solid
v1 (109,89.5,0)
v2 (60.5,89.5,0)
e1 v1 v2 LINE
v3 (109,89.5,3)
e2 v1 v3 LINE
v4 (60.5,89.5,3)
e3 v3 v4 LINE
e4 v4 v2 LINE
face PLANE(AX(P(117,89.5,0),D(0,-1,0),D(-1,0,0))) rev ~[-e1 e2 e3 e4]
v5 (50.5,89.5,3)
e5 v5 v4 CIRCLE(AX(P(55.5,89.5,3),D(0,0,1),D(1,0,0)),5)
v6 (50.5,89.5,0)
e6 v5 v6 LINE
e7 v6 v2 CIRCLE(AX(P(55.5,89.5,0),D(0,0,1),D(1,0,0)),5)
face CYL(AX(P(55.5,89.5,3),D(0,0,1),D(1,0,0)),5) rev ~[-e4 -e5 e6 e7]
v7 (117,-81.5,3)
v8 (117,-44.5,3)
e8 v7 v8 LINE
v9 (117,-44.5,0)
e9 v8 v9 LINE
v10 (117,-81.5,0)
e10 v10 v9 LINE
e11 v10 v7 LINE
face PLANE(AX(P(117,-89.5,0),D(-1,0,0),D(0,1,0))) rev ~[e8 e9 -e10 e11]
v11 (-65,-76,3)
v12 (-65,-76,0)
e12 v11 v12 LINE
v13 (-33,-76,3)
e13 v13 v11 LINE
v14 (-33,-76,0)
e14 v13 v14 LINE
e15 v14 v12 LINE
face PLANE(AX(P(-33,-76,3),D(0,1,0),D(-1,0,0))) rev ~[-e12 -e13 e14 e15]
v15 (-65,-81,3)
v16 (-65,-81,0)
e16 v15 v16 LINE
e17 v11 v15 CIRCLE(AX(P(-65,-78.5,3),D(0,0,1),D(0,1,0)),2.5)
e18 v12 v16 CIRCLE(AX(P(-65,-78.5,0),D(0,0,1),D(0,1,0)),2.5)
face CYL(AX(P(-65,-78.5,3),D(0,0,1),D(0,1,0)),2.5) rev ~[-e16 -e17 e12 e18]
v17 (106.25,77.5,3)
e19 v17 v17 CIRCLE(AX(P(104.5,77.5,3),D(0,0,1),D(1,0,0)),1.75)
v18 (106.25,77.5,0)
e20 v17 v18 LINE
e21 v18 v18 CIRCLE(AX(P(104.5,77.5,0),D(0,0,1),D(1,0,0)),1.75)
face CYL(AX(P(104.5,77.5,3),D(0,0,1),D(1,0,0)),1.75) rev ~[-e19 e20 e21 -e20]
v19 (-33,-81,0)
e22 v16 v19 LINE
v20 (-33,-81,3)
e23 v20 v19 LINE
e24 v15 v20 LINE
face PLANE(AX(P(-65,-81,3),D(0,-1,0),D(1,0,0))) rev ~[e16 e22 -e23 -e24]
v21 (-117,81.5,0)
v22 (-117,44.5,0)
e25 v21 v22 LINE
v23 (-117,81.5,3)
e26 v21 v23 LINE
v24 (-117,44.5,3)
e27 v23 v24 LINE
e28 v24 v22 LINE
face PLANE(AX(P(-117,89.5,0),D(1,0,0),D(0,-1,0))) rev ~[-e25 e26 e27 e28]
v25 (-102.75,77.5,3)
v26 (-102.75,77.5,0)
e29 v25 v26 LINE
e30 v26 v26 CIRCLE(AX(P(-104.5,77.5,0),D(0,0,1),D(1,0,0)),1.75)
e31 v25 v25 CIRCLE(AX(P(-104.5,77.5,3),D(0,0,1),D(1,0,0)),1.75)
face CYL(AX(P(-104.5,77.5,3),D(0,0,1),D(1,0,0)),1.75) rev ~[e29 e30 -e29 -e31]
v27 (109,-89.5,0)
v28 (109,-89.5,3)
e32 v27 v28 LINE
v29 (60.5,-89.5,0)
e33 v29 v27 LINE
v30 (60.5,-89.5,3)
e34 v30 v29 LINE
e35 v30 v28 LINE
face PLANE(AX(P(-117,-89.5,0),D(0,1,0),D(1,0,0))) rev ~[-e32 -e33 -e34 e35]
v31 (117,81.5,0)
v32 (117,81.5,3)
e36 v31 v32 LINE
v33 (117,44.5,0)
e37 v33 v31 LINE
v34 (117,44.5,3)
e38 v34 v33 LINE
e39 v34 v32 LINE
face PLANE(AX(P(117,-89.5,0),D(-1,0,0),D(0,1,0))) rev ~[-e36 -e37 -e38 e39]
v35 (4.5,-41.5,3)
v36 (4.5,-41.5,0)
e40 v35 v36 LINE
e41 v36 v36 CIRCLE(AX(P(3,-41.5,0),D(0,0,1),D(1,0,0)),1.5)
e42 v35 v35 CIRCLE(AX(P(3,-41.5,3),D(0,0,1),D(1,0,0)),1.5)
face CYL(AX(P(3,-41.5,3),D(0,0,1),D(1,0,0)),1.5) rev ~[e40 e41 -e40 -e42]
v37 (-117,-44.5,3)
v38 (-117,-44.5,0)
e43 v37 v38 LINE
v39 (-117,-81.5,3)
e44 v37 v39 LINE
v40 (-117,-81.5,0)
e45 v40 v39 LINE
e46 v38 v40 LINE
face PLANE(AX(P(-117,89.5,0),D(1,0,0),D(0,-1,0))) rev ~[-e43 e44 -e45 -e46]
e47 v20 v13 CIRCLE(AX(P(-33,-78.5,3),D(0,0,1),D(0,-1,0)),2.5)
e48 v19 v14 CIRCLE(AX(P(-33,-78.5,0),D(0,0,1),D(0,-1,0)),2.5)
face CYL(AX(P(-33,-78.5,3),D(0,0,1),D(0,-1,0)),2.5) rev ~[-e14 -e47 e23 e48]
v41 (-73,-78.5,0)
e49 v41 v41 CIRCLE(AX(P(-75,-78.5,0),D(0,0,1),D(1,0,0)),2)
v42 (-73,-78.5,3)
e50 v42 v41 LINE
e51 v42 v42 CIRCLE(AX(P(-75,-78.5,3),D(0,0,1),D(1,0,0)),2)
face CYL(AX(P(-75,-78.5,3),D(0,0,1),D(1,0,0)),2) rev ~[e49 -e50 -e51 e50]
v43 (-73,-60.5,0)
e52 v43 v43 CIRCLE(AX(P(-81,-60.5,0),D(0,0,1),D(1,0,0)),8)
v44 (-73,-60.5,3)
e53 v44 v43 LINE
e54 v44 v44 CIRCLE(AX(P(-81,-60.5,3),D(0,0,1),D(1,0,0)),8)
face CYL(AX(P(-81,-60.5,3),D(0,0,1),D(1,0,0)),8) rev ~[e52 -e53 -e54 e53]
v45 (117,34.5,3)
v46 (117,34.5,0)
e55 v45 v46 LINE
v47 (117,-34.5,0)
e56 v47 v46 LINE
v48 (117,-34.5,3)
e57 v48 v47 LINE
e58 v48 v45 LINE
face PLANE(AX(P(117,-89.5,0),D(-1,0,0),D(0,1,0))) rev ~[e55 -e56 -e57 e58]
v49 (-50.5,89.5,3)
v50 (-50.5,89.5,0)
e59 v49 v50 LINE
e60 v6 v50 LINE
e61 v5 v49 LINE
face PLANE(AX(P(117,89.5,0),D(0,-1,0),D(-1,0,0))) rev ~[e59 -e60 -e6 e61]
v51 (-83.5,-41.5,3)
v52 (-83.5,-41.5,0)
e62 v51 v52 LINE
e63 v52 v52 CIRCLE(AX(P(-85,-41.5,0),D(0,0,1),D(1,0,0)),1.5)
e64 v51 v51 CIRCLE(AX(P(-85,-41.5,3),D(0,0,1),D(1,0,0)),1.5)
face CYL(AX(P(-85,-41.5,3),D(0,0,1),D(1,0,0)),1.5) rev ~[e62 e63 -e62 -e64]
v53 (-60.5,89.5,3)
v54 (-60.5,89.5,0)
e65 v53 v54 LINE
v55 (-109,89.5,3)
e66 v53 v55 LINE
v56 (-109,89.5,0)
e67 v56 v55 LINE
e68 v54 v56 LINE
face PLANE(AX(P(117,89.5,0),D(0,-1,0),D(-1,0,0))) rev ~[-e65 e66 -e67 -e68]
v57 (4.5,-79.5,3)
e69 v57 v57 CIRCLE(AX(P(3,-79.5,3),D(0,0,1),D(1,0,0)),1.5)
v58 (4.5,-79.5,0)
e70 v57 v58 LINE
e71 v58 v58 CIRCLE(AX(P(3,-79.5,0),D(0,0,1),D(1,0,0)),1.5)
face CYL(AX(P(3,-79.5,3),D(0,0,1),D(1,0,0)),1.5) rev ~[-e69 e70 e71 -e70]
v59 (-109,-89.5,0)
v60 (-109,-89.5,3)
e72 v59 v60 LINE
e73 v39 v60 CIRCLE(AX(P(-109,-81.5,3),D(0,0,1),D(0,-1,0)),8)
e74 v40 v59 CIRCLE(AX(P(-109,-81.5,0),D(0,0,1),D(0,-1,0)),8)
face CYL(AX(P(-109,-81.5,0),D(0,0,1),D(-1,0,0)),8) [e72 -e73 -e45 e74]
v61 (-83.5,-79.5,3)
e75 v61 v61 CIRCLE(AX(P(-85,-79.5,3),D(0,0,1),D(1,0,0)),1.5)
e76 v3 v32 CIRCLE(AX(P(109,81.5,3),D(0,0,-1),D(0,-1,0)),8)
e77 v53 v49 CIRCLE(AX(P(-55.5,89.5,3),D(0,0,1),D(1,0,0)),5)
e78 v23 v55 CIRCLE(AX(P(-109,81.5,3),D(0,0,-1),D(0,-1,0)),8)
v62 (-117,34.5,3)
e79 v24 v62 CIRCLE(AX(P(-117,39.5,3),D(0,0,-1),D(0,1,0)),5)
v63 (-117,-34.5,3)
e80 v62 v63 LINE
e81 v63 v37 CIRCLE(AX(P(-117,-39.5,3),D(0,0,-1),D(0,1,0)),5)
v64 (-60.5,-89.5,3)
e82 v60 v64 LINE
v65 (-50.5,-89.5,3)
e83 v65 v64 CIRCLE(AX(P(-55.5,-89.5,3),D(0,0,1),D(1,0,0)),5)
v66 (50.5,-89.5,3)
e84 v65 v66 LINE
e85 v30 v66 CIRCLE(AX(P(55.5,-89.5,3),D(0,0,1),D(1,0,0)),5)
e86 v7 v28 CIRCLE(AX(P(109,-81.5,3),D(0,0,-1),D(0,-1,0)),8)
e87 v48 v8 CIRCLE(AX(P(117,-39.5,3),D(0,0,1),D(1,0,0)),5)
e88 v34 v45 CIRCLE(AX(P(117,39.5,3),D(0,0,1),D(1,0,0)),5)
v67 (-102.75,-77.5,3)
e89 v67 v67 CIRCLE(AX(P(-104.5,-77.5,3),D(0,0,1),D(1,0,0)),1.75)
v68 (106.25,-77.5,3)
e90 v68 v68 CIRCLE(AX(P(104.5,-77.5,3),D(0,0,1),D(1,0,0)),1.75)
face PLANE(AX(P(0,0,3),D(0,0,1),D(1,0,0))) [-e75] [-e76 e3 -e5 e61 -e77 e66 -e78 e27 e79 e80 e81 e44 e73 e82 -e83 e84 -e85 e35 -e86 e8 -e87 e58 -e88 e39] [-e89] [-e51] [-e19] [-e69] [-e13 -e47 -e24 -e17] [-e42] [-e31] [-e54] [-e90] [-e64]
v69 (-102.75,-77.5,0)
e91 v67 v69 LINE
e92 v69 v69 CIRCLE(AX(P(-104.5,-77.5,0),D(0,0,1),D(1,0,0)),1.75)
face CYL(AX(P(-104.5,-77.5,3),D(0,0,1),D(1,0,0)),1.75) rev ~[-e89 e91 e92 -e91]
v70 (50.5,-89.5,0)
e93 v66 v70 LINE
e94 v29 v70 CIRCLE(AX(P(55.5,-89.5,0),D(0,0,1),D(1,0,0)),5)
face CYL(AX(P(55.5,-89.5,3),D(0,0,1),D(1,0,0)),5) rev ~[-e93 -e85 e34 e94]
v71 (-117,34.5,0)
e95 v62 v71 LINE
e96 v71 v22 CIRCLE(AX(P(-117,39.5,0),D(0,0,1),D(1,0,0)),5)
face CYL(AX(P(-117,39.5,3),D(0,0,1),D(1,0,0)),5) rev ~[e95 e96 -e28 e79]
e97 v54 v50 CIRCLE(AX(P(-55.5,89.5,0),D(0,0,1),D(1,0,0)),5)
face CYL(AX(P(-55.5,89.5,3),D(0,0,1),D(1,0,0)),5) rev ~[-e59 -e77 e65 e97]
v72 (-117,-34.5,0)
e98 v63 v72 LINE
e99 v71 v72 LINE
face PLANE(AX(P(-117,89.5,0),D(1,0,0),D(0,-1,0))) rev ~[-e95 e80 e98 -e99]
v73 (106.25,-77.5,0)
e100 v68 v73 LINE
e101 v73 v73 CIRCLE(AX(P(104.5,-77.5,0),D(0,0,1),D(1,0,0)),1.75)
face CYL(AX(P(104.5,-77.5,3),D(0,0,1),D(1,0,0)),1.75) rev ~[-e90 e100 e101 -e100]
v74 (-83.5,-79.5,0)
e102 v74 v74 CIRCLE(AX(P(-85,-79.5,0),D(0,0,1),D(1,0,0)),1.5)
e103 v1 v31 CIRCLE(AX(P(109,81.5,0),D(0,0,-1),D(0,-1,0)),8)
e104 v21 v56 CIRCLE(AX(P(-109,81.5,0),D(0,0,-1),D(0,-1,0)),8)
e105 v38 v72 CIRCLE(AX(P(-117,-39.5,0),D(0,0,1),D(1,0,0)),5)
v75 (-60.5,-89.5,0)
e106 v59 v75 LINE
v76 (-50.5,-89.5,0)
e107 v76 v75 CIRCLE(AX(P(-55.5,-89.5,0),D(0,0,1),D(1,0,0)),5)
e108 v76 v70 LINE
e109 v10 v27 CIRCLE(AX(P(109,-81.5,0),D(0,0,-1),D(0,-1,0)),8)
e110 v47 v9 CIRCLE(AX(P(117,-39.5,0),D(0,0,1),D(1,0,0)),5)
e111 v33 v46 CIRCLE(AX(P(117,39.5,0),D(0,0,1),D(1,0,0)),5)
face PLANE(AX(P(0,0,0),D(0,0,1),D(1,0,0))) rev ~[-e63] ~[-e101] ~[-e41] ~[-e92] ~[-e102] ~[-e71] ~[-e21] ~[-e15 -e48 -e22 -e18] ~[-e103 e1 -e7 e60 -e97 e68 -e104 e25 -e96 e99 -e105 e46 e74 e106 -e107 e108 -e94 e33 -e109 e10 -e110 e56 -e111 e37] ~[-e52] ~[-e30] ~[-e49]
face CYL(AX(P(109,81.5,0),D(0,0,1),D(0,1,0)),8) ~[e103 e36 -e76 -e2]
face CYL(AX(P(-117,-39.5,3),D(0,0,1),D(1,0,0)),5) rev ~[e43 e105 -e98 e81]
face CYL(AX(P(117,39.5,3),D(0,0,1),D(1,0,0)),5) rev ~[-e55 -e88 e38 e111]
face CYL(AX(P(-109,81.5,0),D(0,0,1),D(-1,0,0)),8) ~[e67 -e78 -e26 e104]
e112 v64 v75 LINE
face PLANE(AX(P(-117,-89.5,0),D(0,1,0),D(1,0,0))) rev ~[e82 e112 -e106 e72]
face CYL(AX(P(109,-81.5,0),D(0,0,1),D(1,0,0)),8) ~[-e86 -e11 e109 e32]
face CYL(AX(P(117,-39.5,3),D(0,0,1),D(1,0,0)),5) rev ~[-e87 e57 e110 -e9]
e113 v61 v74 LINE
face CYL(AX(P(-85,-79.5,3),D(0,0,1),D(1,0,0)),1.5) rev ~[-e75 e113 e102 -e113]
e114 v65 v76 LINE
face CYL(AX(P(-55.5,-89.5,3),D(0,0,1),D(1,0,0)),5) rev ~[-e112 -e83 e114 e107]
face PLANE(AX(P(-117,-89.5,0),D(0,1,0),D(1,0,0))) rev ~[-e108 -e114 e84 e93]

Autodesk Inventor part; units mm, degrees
ref_plane "YZ Plane" through (0, 0, 0) normal (1, 0, 0) x (0, 1, 0)
ref_plane "XZ Plane" through (0, 0, 0) normal (0, 1, 0) x (-1, 0, 0)
ref_plane "XY Plane" through (0, 0, 0) normal (0, 0, 1) x (1, 0, 0)
sketch "Sketch1" plane through (0, 0, 0) normal (0, 0, 1) x (1, 0, 0)
  line L0 (-117, -89.5) -> (117, -89.5)
  line L1 (117, -89.5) -> (117, 89.5)
  line L2 (117, 89.5) -> (-117, 89.5)
  line L3 (-117, 89.5) -> (-117, -89.5)
  line L4 (-117, -89.5) -> (117, 89.5) construction
  line L5 (117, -89.5) -> (-117, 89.5) construction
  point P0 (0, 0)
  dimension "d0" = 234
  dimension "d1" = 179
extrude "Extrusion1" add sketch "Sketch1" along normal blind 3
fillet "Fillet1" radius 8 4 edges at (117, -89.5, 1.5) (-117, -89.5, 1.5) (-117, 89.5, 1.5) (117, 89.5, 1.5)
sketch "Sketch2" plane through (0, 0, 3) normal (0, 0, 1) x (1, 0, 0)
  line L0 (-109, -89.5) -> (109, -89.5) construction
  arc A0 (-117, -81.5) -> (-109, -89.5) centre (-109, -81.5) ccw projected
  line L1 (-117, 81.5) -> (-117, -81.5) projected
  arc A1 (-109, 89.5) -> (-117, 81.5) centre (-109, 81.5) ccw projected
  line L2 (109, 89.5) -> (-109, 89.5) projected
  arc A2 (117, 81.5) -> (109, 89.5) centre (109, 81.5) ccw projected
  line L3 (117, -81.5) -> (117, 81.5) construction
  arc A3 (109, -89.5) -> (117, -81.5) centre (109, -81.5) ccw construction
  line L4 (-109, -89.5) -> (109, -89.5) projected
  circle A4 centre (55.5, -89.5) radius 5
  line L5 (117, -81.5) -> (117, 81.5) projected
  circle A5 centre (117, -39.5) radius 5
  line L6 (-170.275, 0) -> (170.275, 0) projected
  line L7 (0, 131.775) -> (0, -131.775) projected
  arc A6 (-117, -81.5) -> (-109, -89.5) centre (-109, -81.5) ccw construction
  circle A7 centre (-55.5, -89.5) radius 5
  circle A8 centre (-117, -39.5) radius 5
  line L8 (-109, 89.5) -> (109, 89.5) construction
  arc A9 (-109, 89.5) -> (-117, 81.5) centre (-109, 81.5) ccw
  arc A10 (117, 81.5) -> (109, 89.5) centre (109, 81.5) ccw construction
  line L9 (-109, 89.5) -> (109, 89.5)
  circle A11 centre (55.5, 89.5) radius 5
  circle A12 centre (117, 39.5) radius 5
  circle A13 centre (-117, 39.5) radius 5
  arc A14 (-109, 89.5) -> (-117, 81.5) centre (-109, 81.5) ccw construction
  circle A15 centre (-55.5, 89.5) radius 5
  point P0 (0, 0)
  point P1 (-50.5, -89.5)
  point P2 (-60.5, -89.5)
  point P3 (-117, -34.5)
  point P4 (-117, -44.5)
  point P5 (-117, 44.5)
  point P6 (-117, 34.5)
  point P7 (-60.5, 89.5)
  point P8 (-50.5, 89.5)
  point P9 (50.5, 89.5)
  point P10 (60.5, 89.5)
  point P11 (117, 44.5)
  point P12 (117, 34.5)
  point P13 (117, -34.5)
  point P14 (117, -44.5)
  point P15 (60.5, -89.5)
  point P16 (50.5, -89.5)
  dimension "d5" = 10
  dimension "d6" = 10
  dimension "d7" = 61.5
  dimension "d8" = 50
extrude "Extrusion2" cut sketch "Sketch2" against normal through all contours L5 A5 | A4 L4 | L1 A8 | A7 L4 | L1 A13 | A12 L5 | L2 A11 | A15 L2 picked at (116.6011, -41.1182) picked at (57.1182, -89.1011) picked at (-115.906, -37.9566) picked at (-53.8818, -89.1011) picked at (-115.906, 41.0434) picked at (115.4959, 40.7959) picked at (57.0242, 88.3266) picked at (-53.9758, 88.3266)
sketch "Sketch3" plane through (0, 0, 3) normal (0, 0, 1) x (1, 0, 0)
  circle A0 centre (104.5, -77.5) radius 1.75
  line L0 (117, -34.5) -> (117, 34.5) projected
  line L1 (60.5, -89.5) -> (109, -89.5) construction
  line L2 (0, 127.7397) -> (0, -127.7397) projected
  line L3 (-166.2397, 0) -> (166.2397, 0) projected
  circle A1 centre (-104.5, -77.5) radius 1.75
  circle A2 centre (104.5, 77.5) radius 1.75
  line L4 (60.5, 89.5) -> (109, 89.5) construction
  circle A3 centre (-104.5, 77.5) radius 1.75
  point P0 (0, 0)
  point P1 (-109, -89.5)
  point P2 (-109, 89.5)
  dimension "d11" = 3.5
  dimension "d33" = 209
  dimension "d34" = 155
extrude "Extrusion3" cut sketch "Sketch3" against normal blind 10
sketch "Sketch4" plane through (0, 0, 3) normal (0, 0, 1) x (1, 0, 0)
  circle A0 centre (-81, -60.5) radius 8
  circle A1 centre (-75, -78.5) radius 2
  line L0 (-33, -78.5) -> (-65, -78.5) construction
  line L1 (-33, -76) -> (-65, -76)
  line L2 (-65, -81) -> (-33, -81)
  arc A2 (-33, -81) -> (-33, -76) centre (-33, -78.5) ccw
  arc A3 (-65, -76) -> (-65, -81) centre (-65, -78.5) ccw
  circle A4 centre (-85, -79.5) radius 1.5
  line L3 (-12.5, -60.5) -> (-95.5, -60.5) construction
  line L4 (-41, -83.5) -> (-41, -33.5) construction
  circle A5 centre (3, -79.5) radius 1.5
  circle A6 centre (-85, -41.5) radius 1.5
  circle A7 centre (3, -41.5) radius 1.5
  line L5 (-109, -89.5) -> (-60.5, -89.5) projected
  line L6 (-117, -44.5) -> (-117, -81.5) projected
  point P0 (0, 0)
  point P1 (-49, -78.5)
  dimension "d16" = 2.5
  dimension "d17" = 16
  dimension "d18" = 4
  dimension "d19" = 10
  dimension "d20" = 32
  dimension "d21" = 6
  dimension "d22" = 18
  dimension "d23" = 34
  dimension "d24" = 18
  dimension "d25" = 44
  dimension "d26" = 19
  dimension "d27" = 3
  dimension "d28" = 10
  dimension "d29" = 32
  dimension "d30" = 0
extrude "Extrusion4" cut sketch "Sketch4" against normal through all
sketch "Sketch5" plane through (0, 0, 3) normal (0, 0, 1) x (1, 0, 0)
  circle A0 centre (-81, -60.5) radius 8 projected
  line L0 (-33, -81) -> (-65, -81) projected
  arc A1 (-65, -76) -> (-65, -81) centre (-65, -78.5) ccw projected
  line L1 (-65, -76) -> (-33, -76) projected
  arc A2 (-33, -81) -> (-33, -76) centre (-33, -78.5) ccw projected
  circle A3 centre (-85, -41.5) radius 1.5 projected
  circle A4 centre (3, -41.5) radius 1.5 projected
  circle A5 centre (-75, -78.5) radius 2 projected
  circle A6 centre (-85, -79.5) radius 1.5 projected
  circle A7 centre (3, -79.5) radius 1.5 projected
  circle A8 centre (-104.5, 77.5) radius 1.75 projected
  circle A9 centre (-104.5, -77.5) radius 1.75 projected
  circle A10 centre (104.5, 77.5) radius 1.75 projected
  circle A11 centre (104.5, -77.5) radius 1.75 projected
  arc A12 (117, 44.5) -> (117, 34.5) centre (117, 39.5) ccw projected
  line L2 (117, 44.5) -> (117, 81.5) projected
  arc A13 (117, 81.5) -> (109, 89.5) centre (109, 81.5) ccw projected
  line L3 (109, 89.5) -> (60.5, 89.5) projected
  arc A14 (50.5, 89.5) -> (60.5, 89.5) centre (55.5, 89.5) ccw projected
  line L4 (50.5, 89.5) -> (-50.5, 89.5) projected
  arc A15 (-60.5, 89.5) -> (-50.5, 89.5) centre (-55.5, 89.5) ccw projected
  line L5 (-60.5, 89.5) -> (-109, 89.5) projected
  arc A16 (-109, 89.5) -> (-117, 81.5) centre (-109, 81.5) ccw projected
  line L6 (-117, 81.5) -> (-117, 44.5) projected
  arc A17 (-117, 34.5) -> (-117, 44.5) centre (-117, 39.5) ccw projected
  line L7 (-117, 34.5) -> (-117, -34.5) projected
  arc A18 (-117, -44.5) -> (-117, -34.5) centre (-117, -39.5) ccw projected
  line L8 (-117, -44.5) -> (-117, -81.5) projected
  arc A19 (-117, -81.5) -> (-109, -89.5) centre (-109, -81.5) ccw projected
  line L9 (-109, -89.5) -> (-60.5, -89.5) projected
  arc A20 (-50.5, -89.5) -> (-60.5, -89.5) centre (-55.5, -89.5) ccw projected
  line L10 (-50.5, -89.5) -> (50.5, -89.5) projected
  arc A21 (60.5, -89.5) -> (50.5, -89.5) centre (55.5, -89.5) ccw projected
  line L11 (60.5, -89.5) -> (109, -89.5) projected
  arc A22 (109, -89.5) -> (117, -81.5) centre (109, -81.5) ccw projected
  line L12 (117, -81.5) -> (117, -44.5) projected
  arc A23 (117, -34.5) -> (117, -44.5) centre (117, -39.5) ccw projected
  line L13 (117, -34.5) -> (117, 34.5) projected
  point P0 (0, 0)
equation "\"d6\" = d5"
properties part number "AcrylicCover"
